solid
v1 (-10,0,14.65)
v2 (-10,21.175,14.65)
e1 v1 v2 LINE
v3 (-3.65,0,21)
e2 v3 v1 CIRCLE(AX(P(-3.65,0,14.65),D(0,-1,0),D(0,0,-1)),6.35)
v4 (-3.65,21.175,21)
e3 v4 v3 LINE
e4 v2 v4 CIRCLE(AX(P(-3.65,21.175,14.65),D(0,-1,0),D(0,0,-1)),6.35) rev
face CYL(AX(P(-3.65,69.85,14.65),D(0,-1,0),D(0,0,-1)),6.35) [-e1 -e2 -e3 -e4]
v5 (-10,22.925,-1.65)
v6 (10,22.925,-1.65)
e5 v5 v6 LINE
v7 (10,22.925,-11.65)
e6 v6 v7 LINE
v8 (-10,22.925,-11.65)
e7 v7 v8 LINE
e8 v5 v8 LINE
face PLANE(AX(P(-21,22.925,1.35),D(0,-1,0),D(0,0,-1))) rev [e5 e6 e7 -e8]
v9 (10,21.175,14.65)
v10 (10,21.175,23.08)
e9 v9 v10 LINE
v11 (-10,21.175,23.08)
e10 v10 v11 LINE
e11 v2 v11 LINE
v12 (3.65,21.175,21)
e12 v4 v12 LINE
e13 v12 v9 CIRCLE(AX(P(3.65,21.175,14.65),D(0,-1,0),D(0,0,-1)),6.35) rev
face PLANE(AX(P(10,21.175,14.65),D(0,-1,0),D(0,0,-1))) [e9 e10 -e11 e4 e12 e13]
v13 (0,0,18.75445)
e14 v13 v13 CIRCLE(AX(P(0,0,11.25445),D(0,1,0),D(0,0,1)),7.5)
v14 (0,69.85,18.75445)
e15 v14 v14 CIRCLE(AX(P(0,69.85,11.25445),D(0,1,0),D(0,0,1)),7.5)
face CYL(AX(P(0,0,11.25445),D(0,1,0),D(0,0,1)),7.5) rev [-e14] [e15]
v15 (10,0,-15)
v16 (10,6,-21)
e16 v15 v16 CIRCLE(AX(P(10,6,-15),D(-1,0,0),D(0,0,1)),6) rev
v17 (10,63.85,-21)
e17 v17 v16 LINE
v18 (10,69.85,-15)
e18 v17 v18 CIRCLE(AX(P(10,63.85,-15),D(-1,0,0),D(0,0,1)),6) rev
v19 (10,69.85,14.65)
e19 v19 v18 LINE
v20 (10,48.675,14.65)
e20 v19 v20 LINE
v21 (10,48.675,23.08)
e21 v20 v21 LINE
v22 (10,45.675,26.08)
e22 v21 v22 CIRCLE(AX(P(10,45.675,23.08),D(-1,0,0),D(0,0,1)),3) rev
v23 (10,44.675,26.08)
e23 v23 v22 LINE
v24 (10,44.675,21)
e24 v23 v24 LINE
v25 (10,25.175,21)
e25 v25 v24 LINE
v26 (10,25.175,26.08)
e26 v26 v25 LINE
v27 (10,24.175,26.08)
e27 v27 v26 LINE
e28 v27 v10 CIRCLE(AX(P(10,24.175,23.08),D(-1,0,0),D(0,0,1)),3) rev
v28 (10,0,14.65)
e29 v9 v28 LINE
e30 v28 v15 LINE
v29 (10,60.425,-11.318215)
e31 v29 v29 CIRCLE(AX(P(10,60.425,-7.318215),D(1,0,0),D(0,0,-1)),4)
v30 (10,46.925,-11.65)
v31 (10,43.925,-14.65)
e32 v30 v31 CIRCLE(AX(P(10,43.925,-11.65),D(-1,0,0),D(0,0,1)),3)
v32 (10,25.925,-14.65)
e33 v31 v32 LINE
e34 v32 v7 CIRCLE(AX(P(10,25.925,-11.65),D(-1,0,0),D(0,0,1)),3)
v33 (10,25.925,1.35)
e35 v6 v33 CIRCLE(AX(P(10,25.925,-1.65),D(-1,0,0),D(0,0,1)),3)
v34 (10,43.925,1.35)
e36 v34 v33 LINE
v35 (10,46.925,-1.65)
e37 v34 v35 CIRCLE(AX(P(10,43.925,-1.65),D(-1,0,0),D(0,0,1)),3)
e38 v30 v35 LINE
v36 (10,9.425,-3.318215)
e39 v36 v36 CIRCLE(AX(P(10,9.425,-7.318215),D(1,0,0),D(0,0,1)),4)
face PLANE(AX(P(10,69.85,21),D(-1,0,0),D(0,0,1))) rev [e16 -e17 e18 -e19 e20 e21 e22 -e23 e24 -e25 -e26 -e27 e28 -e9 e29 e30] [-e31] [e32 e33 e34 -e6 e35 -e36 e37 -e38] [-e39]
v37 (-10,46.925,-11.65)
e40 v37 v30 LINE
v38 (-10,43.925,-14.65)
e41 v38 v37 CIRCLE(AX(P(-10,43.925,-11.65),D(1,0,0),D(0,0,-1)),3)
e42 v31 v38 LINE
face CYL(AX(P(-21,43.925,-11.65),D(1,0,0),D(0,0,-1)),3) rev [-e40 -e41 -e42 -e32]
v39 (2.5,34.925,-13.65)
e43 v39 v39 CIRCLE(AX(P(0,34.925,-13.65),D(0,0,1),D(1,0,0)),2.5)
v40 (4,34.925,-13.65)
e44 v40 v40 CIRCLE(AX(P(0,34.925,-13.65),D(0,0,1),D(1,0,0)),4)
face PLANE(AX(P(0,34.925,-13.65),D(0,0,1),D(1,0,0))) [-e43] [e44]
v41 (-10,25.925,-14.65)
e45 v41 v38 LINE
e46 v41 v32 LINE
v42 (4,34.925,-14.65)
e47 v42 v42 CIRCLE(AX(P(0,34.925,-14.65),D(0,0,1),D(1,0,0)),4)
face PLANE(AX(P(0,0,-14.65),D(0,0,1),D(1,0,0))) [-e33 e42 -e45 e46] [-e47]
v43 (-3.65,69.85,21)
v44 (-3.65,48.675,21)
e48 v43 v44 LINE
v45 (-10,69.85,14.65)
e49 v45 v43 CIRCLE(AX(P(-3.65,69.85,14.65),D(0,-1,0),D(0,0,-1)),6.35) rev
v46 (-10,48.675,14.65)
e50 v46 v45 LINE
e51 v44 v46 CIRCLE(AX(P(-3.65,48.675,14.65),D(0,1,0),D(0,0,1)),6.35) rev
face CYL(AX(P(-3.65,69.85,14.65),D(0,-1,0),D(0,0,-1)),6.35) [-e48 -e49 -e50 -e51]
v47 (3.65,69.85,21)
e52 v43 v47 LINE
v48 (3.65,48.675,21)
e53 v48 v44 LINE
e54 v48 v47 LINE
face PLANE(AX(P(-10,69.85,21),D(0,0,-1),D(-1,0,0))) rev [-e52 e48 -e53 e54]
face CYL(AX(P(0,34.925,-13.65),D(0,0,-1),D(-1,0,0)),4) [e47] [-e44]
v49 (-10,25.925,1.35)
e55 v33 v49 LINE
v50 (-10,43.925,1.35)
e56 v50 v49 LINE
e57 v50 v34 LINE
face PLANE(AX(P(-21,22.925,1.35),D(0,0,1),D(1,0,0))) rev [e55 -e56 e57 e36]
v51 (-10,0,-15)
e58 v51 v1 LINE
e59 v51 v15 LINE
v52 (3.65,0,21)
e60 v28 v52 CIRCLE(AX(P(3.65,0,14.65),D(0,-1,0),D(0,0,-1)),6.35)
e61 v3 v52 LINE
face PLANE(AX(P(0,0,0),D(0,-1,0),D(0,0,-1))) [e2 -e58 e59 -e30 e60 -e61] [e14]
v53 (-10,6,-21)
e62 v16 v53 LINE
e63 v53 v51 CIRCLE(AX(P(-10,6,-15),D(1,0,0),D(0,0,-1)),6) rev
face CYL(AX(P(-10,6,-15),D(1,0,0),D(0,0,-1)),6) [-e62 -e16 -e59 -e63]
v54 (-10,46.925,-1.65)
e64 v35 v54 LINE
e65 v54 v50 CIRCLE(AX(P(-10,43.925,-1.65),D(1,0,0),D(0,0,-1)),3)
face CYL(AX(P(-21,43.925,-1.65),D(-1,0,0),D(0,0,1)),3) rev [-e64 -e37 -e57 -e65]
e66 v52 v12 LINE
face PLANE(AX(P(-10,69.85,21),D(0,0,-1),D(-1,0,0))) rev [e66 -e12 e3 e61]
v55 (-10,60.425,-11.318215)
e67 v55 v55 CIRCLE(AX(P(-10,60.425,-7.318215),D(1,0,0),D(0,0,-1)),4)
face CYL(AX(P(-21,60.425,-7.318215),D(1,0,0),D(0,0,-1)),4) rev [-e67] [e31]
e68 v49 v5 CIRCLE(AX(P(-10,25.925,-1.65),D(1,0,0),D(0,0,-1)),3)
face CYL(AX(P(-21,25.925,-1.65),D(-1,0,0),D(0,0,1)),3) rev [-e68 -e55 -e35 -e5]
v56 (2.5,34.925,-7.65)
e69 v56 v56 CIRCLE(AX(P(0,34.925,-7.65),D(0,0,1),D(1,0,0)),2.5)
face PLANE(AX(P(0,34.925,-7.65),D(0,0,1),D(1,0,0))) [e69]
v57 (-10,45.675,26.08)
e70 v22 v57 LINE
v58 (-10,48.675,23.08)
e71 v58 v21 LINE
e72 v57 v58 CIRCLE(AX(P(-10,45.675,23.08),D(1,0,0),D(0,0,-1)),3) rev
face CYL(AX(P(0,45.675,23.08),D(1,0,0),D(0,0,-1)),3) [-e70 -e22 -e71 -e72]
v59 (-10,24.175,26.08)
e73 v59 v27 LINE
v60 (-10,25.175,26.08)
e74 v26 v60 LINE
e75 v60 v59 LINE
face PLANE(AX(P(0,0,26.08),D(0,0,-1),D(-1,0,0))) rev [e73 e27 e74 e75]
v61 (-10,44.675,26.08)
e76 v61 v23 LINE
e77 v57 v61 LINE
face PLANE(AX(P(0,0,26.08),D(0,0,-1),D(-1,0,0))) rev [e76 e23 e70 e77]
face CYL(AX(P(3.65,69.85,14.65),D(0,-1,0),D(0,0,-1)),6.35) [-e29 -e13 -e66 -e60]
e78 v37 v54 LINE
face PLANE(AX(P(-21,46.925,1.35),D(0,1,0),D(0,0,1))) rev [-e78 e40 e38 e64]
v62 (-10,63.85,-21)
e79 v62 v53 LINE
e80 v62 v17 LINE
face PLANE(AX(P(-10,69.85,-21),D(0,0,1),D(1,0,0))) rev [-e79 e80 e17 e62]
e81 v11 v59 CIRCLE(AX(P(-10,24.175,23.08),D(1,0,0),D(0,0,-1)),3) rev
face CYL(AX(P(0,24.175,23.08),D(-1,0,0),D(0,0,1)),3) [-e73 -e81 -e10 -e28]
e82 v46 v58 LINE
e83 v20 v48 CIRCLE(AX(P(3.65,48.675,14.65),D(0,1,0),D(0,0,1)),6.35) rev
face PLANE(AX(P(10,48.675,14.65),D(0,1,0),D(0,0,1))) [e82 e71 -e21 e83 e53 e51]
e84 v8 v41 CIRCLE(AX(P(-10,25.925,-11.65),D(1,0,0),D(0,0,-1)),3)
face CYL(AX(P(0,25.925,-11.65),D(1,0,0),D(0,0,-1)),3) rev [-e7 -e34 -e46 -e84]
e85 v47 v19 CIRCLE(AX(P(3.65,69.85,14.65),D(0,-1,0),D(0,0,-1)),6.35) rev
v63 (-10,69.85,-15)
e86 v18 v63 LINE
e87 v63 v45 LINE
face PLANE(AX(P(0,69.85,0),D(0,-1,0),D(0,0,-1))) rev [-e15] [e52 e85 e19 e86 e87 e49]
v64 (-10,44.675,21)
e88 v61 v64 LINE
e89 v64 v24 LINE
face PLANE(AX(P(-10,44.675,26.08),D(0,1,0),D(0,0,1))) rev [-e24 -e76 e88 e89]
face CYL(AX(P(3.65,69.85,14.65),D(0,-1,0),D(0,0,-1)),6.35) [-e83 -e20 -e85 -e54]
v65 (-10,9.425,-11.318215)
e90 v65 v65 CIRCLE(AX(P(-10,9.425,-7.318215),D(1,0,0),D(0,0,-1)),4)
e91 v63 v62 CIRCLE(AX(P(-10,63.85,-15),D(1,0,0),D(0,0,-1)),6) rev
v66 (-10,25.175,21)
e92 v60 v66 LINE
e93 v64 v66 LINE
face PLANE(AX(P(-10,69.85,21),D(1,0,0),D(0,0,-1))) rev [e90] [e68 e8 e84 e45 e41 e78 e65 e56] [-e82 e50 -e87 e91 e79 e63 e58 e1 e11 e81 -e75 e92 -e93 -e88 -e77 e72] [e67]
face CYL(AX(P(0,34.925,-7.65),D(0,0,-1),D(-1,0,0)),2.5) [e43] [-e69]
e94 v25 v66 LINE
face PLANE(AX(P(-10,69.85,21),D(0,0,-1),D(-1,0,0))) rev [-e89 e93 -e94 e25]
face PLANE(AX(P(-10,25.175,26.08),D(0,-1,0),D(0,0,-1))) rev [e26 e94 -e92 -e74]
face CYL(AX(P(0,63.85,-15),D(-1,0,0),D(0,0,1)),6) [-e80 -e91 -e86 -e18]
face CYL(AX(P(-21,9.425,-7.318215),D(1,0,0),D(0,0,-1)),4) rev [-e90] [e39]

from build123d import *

# Parameters (mm, degrees)
SKETCH1_W           = 20
SKETCH1_H           = 42
BOSS_EXTRUDE1_DEPTH = 69.85
FILLET1_R           = 6.35
SKETCH3_W           = 42
SKETCH3_H           = 42
BOSS_EXTRUDE2_DEPTH = 6.35
SKETCH4_W           = 16
SKETCH4_H           = 24
CUT_EXTRUDE2_DEPTH  = 80.252902155
SKETCH8_R           = 4
CUT_EXTRUDE5_DEPTH  = 80.252902155
FILLET2_R           = 6
FILLET3_R           = 4
FILLET4_R           = 3
SKETCH9_W           = 11
SKETCH9_H           = 42
CUT_EXTRUDE6_DEPTH  = 85.166635314
SKETCH10_R          = 4.000000001
BOSS_EXTRUDE3_DEPTH = 1
SKETCH11_R          = 2.5
BOSS_EXTRUDE4_DEPTH = 6
SKETCH12_W          = 20
SKETCH12_H          = 27.5
BOSS_EXTRUDE5_DEPTH = 6.35
SKETCH13_W          = 20
SKETCH13_H          = 4
BOSS_EXTRUDE6_DEPTH = 5.08
SKETCH2_R           = 7.5
CUT_EXTRUDE1_DEPTH  = 76.227580713
FILLET5_R           = 3


with BuildPart() as part:
    # Sketch1 → Boss-Extrude1 (new body)
    with BuildSketch(Plane(origin=(0, 0, 0), x_dir=(1, 0, 0), z_dir=(0, 1, 0))):
        Rectangle(SKETCH1_W, SKETCH1_H)
    extrude(amount=BOSS_EXTRUDE1_DEPTH)

    # Fillet1
    fillet1_edges = [part.edges().sort_by_distance(p)[0] for p in [
        (10, 34.925, 21),
        (-10, 34.925, 21),
    ]]
    fillet(fillet1_edges, radius=FILLET1_R)

    # Sketch3 → Boss-Extrude2 (add)
    with BuildSketch(Plane(origin=(0, 0, -21), x_dir=(-1, 0, 0), z_dir=(0, 0, -1))):
        with Locations((0, 34.925)):
            Rectangle(SKETCH3_W, SKETCH3_H)
    extrude(amount=-BOSS_EXTRUDE2_DEPTH)

    # Sketch4 → Cut-Extrude2 (cut, through all)
    with BuildSketch(Plane(origin=(10, 0, 0), x_dir=(0, 0, -1), z_dir=(1, 0, 0))):
        with Locations((6.65, 34.925)):
            Rectangle(SKETCH4_W, SKETCH4_H)
    extrude(amount=-CUT_EXTRUDE2_DEPTH, mode=Mode.SUBTRACT)

    # Sketch8 → Cut-Extrude5 (cut, through all)
    with BuildSketch(Plane(origin=(10, 0, 0), x_dir=(0, 0, -1), z_dir=(1, 0, 0))):
        with Locations((7.318215362, 60.425)):
            Circle(SKETCH8_R)
        with Locations((7.318215362, 9.425)):
            Circle(SKETCH8_R)
    extrude(amount=-CUT_EXTRUDE5_DEPTH, mode=Mode.SUBTRACT)

    # Fillet2
    fillet2_edges = [part.edges().sort_by_distance(p)[0] for p in [
        (0, 0, -21),
        (0, 69.85, -21),
    ]]
    fillet(fillet2_edges, radius=FILLET2_R)

    # Fillet3
    fillet3_edges = [part.edges().sort_by_distance(p)[0] for p in [
        (-21, 13.925, -17.825),
        (21, 55.925, -17.825),
        (-21, 55.925, -17.825),
        (21, 13.925, -17.825),
    ]]
    fillet(fillet3_edges, radius=FILLET3_R)

    # Fillet4
    fillet4_edges = [part.edges().sort_by_distance(p)[0] for p in [
        (0, 22.925, 1.35),
        (0, 46.925, -14.65),
        (0, 22.925, -14.65),
        (0, 46.925, 1.35),
    ]]
    fillet(fillet4_edges, radius=FILLET4_R)

    # Sketch9 → Cut-Extrude6 (cut, through all)
    with BuildSketch(Plane(origin=(0, 0, -21), x_dir=(-1, 0, 0), z_dir=(0, 0, -1))):
        with Locations((-15.5, 34.925)):
            Rectangle(SKETCH9_W, SKETCH9_H)
        with Locations((15.5, 34.925)):
            Rectangle(SKETCH9_W, SKETCH9_H)
    extrude(amount=-CUT_EXTRUDE6_DEPTH, mode=Mode.SUBTRACT)

    # Sketch10 → Boss-Extrude3 (add)
    with BuildSketch(Plane.XY.offset(-14.65)):
        with Locations((0, 34.925)):
            Circle(SKETCH10_R)
    extrude(amount=BOSS_EXTRUDE3_DEPTH)

    # Sketch11 → Boss-Extrude4 (add)
    with BuildSketch(Plane.XY.offset(-13.65)):
        with Locations((0, 34.925)):
            Circle(SKETCH11_R)
    extrude(amount=BOSS_EXTRUDE4_DEPTH)

    # Sketch12 → Boss-Extrude5 (add)
    with BuildSketch(Plane.XY.offset(21)):
        with Locations((0, 34.925)):
            Rectangle(SKETCH12_W, SKETCH12_H)
    extrude(amount=-BOSS_EXTRUDE5_DEPTH)

    # Sketch13 → Boss-Extrude6 (add)
    with BuildSketch(Plane.XY.offset(21)):
        with Locations((0, 46.675)):
            Rectangle(SKETCH13_W, SKETCH13_H)
        with Locations((0, 23.175)):
            Rectangle(SKETCH13_W, SKETCH13_H)
    extrude(amount=BOSS_EXTRUDE6_DEPTH)

    # Sketch2 → Cut-Extrude1 (cut, through all)
    with BuildSketch(Plane(origin=(0, 69.85, 0), x_dir=(1, 0, 0), z_dir=(0, 1, 0))):
        with Locations(Location((0, -11.254449914, 0), (0, 0, 270))):
            Circle(SKETCH2_R)
    extrude(amount=-CUT_EXTRUDE1_DEPTH, mode=Mode.SUBTRACT)

    # Fillet5
    fillet5_edges = [part.edges().sort_by_distance(p)[0] for p in [
        (0, 21.175, 26.08),
        (0, 48.675, 26.08),
    ]]
    fillet(fillet5_edges, radius=FILLET5_R)


solid = part.part
